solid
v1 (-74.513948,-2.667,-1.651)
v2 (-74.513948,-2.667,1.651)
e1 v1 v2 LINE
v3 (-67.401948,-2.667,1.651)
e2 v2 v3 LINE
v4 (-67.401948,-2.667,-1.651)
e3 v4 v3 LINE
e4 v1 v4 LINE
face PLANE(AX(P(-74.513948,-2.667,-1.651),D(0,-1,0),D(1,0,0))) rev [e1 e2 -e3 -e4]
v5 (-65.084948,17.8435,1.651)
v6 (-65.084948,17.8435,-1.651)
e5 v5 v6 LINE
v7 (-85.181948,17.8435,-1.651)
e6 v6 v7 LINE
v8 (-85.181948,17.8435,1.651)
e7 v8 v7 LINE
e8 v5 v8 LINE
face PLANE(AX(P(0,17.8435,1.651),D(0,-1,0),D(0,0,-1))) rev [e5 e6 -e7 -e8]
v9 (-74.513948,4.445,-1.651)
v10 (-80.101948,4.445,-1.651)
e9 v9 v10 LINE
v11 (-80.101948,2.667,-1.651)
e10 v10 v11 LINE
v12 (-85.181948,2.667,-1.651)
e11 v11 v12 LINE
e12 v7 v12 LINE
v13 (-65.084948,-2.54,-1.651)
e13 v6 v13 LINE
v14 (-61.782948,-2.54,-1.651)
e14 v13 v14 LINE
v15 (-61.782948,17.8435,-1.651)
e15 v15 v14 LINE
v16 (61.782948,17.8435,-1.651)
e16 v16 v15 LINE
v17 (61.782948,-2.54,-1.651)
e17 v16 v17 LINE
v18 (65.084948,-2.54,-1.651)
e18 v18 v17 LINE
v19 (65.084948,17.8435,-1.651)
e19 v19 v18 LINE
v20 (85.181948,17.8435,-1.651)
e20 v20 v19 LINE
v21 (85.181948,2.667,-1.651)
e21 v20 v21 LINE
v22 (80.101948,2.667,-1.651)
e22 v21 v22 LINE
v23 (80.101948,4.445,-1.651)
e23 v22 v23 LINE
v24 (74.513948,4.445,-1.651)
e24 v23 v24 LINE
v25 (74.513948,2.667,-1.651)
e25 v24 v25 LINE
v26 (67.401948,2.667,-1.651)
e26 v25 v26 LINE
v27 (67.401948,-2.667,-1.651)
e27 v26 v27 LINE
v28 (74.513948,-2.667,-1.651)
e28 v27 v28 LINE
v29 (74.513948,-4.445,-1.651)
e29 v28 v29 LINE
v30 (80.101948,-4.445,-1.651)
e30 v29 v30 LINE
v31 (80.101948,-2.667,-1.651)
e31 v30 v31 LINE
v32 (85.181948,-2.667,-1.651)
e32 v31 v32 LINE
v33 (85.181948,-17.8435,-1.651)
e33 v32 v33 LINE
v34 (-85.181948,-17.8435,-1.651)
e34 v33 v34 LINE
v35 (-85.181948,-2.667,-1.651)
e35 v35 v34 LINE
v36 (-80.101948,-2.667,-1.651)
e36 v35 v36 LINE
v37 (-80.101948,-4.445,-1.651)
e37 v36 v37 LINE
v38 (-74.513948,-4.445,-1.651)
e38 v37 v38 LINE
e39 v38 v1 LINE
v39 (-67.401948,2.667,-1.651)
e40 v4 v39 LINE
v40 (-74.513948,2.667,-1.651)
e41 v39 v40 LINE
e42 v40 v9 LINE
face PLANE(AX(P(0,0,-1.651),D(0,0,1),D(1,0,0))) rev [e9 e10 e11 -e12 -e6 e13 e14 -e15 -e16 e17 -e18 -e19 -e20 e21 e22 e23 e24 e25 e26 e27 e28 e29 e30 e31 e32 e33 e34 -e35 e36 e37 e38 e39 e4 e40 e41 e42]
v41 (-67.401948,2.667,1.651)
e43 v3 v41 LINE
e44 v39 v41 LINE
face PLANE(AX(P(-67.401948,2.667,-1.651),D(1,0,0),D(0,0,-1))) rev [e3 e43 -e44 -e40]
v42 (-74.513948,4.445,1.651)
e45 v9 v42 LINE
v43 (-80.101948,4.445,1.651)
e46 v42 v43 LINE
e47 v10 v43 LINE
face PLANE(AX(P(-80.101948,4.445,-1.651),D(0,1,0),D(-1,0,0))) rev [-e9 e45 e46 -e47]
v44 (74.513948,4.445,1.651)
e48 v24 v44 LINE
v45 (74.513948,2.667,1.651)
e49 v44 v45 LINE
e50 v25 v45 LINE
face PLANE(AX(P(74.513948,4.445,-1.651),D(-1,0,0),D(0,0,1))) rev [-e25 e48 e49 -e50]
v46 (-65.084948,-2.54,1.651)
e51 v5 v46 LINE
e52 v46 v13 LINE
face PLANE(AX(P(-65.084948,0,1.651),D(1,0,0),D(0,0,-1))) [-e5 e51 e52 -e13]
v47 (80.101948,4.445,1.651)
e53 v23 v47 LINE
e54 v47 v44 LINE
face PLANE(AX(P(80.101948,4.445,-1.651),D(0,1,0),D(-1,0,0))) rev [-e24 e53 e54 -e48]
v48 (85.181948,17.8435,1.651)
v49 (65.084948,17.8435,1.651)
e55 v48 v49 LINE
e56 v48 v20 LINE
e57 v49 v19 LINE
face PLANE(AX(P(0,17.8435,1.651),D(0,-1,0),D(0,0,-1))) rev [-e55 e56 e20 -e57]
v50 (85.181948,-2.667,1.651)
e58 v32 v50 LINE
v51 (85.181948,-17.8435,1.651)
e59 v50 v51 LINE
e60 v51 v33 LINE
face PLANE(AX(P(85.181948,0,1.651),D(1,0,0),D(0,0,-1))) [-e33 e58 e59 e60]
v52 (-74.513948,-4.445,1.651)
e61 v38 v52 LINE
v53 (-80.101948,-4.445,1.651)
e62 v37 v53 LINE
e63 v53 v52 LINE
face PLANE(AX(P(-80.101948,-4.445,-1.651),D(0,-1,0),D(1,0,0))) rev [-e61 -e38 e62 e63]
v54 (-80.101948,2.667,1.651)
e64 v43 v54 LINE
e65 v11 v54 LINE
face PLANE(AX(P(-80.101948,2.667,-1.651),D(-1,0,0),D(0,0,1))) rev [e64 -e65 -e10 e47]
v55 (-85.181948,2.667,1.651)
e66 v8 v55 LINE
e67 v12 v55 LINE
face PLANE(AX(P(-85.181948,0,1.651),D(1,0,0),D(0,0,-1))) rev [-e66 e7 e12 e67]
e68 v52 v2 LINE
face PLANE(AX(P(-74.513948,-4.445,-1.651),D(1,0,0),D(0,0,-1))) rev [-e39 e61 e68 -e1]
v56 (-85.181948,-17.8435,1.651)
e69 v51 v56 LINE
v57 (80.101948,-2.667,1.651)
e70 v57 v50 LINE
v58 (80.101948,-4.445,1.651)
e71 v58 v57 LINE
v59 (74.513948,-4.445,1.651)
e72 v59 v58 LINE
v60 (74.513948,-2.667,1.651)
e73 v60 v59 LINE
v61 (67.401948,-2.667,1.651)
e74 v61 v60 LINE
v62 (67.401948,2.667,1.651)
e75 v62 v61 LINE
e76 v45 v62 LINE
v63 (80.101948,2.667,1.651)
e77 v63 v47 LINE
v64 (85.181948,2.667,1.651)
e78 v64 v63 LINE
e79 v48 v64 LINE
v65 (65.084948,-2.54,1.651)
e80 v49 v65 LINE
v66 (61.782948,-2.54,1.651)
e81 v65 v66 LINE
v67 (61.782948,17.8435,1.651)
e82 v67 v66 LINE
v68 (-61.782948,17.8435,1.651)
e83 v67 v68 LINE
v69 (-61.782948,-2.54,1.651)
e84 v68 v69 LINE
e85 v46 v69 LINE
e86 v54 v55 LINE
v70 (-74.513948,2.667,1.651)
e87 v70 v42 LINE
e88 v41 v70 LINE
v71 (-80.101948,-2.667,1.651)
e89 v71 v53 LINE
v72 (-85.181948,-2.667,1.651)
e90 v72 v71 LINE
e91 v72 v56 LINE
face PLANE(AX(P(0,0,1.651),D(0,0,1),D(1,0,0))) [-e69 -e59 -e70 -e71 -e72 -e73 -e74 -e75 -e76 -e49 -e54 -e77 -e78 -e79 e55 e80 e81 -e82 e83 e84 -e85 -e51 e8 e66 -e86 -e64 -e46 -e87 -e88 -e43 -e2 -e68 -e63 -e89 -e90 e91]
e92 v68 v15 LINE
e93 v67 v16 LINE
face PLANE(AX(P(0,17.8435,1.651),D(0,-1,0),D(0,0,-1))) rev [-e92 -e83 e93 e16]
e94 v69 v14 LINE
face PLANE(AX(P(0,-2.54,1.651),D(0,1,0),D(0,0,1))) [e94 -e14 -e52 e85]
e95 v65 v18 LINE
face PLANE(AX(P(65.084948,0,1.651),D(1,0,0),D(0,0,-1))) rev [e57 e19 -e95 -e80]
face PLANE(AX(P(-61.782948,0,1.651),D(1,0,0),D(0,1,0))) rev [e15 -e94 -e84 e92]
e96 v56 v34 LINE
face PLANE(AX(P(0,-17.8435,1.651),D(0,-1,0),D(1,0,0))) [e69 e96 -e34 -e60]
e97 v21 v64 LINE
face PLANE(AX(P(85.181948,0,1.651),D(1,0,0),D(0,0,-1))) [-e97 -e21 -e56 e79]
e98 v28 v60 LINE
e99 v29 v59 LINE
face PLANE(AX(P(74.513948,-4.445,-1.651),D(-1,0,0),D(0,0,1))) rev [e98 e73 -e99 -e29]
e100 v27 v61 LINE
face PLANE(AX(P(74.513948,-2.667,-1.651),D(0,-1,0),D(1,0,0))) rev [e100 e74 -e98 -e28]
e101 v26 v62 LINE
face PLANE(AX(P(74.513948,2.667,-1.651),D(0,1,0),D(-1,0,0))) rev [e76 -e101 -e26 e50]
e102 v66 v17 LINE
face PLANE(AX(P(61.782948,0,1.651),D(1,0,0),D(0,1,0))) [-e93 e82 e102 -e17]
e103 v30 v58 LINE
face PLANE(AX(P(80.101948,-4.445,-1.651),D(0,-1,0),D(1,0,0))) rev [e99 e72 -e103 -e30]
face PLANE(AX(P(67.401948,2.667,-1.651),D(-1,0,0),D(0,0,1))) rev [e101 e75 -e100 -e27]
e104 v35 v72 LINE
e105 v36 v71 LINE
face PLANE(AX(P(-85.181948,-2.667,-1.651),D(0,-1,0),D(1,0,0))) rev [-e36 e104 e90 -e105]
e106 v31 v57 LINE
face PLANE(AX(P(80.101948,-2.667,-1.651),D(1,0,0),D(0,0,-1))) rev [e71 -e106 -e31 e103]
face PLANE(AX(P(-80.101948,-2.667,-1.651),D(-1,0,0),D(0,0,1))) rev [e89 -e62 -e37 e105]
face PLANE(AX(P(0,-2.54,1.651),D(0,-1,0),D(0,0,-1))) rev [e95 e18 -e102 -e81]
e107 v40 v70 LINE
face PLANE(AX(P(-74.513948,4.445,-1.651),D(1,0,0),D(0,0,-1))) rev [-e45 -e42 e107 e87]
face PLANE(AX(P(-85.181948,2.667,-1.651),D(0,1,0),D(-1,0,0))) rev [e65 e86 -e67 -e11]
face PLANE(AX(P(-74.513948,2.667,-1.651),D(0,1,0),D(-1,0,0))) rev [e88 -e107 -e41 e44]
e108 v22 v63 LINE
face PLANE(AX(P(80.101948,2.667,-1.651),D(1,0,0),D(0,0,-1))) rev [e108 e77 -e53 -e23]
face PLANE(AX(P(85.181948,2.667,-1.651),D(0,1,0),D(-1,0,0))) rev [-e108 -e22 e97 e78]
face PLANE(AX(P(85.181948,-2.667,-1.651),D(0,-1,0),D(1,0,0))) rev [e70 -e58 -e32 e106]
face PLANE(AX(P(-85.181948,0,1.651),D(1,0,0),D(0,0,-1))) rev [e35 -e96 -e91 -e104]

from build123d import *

# Parameters (mm, degrees)
BOSS_EXTRUDE1_DEPTH = 1.651
CUT_EXTRUDE1_DEPTH  = 4.302


with BuildPart() as part:
    # Sketch1 → Boss-Extrude1 (new body, symmetric)
    with BuildSketch(Plane.XY):
        Polygon((85.181948, -17.8435), (85.181948, 17.8435), (65.084948, 17.8435), (65.084948, -2.54), (61.782948, -2.54), (61.782948, 17.8435), (-61.782948, 17.8435), (-61.782948, -2.54), (-65.084948, -2.54), (-65.084948, 17.8435), (-85.181948, 17.8435), (-85.181948, -17.8435), align=None)
    extrude(amount=BOSS_EXTRUDE1_DEPTH, both=True)

    # Sketch2 → Cut-Extrude1 (cut, through all)
    with BuildSketch(Plane.XY.offset(1.651)):
        Polygon((85.181948, 2.667), (80.101948, 2.667), (80.101948, 4.445), (74.513948, 4.445), (74.513948, 2.667), (67.401948, 2.667), (67.401948, -2.667), (74.513948, -2.667), (74.513948, -4.445), (80.101948, -4.445), (80.101948, -2.667), (85.181948, -2.667), align=None)
        Polygon((-85.181948, -2.667), (-80.101948, -2.667), (-80.101948, -4.445), (-74.513948, -4.445), (-74.513948, -2.667), (-67.401948, -2.667), (-67.401948, 2.667), (-74.513948, 2.667), (-74.513948, 4.445), (-80.101948, 4.445), (-80.101948, 2.667), (-85.181948, 2.667), align=None)
    extrude(amount=-CUT_EXTRUDE1_DEPTH, mode=Mode.SUBTRACT)


solid = part.part
